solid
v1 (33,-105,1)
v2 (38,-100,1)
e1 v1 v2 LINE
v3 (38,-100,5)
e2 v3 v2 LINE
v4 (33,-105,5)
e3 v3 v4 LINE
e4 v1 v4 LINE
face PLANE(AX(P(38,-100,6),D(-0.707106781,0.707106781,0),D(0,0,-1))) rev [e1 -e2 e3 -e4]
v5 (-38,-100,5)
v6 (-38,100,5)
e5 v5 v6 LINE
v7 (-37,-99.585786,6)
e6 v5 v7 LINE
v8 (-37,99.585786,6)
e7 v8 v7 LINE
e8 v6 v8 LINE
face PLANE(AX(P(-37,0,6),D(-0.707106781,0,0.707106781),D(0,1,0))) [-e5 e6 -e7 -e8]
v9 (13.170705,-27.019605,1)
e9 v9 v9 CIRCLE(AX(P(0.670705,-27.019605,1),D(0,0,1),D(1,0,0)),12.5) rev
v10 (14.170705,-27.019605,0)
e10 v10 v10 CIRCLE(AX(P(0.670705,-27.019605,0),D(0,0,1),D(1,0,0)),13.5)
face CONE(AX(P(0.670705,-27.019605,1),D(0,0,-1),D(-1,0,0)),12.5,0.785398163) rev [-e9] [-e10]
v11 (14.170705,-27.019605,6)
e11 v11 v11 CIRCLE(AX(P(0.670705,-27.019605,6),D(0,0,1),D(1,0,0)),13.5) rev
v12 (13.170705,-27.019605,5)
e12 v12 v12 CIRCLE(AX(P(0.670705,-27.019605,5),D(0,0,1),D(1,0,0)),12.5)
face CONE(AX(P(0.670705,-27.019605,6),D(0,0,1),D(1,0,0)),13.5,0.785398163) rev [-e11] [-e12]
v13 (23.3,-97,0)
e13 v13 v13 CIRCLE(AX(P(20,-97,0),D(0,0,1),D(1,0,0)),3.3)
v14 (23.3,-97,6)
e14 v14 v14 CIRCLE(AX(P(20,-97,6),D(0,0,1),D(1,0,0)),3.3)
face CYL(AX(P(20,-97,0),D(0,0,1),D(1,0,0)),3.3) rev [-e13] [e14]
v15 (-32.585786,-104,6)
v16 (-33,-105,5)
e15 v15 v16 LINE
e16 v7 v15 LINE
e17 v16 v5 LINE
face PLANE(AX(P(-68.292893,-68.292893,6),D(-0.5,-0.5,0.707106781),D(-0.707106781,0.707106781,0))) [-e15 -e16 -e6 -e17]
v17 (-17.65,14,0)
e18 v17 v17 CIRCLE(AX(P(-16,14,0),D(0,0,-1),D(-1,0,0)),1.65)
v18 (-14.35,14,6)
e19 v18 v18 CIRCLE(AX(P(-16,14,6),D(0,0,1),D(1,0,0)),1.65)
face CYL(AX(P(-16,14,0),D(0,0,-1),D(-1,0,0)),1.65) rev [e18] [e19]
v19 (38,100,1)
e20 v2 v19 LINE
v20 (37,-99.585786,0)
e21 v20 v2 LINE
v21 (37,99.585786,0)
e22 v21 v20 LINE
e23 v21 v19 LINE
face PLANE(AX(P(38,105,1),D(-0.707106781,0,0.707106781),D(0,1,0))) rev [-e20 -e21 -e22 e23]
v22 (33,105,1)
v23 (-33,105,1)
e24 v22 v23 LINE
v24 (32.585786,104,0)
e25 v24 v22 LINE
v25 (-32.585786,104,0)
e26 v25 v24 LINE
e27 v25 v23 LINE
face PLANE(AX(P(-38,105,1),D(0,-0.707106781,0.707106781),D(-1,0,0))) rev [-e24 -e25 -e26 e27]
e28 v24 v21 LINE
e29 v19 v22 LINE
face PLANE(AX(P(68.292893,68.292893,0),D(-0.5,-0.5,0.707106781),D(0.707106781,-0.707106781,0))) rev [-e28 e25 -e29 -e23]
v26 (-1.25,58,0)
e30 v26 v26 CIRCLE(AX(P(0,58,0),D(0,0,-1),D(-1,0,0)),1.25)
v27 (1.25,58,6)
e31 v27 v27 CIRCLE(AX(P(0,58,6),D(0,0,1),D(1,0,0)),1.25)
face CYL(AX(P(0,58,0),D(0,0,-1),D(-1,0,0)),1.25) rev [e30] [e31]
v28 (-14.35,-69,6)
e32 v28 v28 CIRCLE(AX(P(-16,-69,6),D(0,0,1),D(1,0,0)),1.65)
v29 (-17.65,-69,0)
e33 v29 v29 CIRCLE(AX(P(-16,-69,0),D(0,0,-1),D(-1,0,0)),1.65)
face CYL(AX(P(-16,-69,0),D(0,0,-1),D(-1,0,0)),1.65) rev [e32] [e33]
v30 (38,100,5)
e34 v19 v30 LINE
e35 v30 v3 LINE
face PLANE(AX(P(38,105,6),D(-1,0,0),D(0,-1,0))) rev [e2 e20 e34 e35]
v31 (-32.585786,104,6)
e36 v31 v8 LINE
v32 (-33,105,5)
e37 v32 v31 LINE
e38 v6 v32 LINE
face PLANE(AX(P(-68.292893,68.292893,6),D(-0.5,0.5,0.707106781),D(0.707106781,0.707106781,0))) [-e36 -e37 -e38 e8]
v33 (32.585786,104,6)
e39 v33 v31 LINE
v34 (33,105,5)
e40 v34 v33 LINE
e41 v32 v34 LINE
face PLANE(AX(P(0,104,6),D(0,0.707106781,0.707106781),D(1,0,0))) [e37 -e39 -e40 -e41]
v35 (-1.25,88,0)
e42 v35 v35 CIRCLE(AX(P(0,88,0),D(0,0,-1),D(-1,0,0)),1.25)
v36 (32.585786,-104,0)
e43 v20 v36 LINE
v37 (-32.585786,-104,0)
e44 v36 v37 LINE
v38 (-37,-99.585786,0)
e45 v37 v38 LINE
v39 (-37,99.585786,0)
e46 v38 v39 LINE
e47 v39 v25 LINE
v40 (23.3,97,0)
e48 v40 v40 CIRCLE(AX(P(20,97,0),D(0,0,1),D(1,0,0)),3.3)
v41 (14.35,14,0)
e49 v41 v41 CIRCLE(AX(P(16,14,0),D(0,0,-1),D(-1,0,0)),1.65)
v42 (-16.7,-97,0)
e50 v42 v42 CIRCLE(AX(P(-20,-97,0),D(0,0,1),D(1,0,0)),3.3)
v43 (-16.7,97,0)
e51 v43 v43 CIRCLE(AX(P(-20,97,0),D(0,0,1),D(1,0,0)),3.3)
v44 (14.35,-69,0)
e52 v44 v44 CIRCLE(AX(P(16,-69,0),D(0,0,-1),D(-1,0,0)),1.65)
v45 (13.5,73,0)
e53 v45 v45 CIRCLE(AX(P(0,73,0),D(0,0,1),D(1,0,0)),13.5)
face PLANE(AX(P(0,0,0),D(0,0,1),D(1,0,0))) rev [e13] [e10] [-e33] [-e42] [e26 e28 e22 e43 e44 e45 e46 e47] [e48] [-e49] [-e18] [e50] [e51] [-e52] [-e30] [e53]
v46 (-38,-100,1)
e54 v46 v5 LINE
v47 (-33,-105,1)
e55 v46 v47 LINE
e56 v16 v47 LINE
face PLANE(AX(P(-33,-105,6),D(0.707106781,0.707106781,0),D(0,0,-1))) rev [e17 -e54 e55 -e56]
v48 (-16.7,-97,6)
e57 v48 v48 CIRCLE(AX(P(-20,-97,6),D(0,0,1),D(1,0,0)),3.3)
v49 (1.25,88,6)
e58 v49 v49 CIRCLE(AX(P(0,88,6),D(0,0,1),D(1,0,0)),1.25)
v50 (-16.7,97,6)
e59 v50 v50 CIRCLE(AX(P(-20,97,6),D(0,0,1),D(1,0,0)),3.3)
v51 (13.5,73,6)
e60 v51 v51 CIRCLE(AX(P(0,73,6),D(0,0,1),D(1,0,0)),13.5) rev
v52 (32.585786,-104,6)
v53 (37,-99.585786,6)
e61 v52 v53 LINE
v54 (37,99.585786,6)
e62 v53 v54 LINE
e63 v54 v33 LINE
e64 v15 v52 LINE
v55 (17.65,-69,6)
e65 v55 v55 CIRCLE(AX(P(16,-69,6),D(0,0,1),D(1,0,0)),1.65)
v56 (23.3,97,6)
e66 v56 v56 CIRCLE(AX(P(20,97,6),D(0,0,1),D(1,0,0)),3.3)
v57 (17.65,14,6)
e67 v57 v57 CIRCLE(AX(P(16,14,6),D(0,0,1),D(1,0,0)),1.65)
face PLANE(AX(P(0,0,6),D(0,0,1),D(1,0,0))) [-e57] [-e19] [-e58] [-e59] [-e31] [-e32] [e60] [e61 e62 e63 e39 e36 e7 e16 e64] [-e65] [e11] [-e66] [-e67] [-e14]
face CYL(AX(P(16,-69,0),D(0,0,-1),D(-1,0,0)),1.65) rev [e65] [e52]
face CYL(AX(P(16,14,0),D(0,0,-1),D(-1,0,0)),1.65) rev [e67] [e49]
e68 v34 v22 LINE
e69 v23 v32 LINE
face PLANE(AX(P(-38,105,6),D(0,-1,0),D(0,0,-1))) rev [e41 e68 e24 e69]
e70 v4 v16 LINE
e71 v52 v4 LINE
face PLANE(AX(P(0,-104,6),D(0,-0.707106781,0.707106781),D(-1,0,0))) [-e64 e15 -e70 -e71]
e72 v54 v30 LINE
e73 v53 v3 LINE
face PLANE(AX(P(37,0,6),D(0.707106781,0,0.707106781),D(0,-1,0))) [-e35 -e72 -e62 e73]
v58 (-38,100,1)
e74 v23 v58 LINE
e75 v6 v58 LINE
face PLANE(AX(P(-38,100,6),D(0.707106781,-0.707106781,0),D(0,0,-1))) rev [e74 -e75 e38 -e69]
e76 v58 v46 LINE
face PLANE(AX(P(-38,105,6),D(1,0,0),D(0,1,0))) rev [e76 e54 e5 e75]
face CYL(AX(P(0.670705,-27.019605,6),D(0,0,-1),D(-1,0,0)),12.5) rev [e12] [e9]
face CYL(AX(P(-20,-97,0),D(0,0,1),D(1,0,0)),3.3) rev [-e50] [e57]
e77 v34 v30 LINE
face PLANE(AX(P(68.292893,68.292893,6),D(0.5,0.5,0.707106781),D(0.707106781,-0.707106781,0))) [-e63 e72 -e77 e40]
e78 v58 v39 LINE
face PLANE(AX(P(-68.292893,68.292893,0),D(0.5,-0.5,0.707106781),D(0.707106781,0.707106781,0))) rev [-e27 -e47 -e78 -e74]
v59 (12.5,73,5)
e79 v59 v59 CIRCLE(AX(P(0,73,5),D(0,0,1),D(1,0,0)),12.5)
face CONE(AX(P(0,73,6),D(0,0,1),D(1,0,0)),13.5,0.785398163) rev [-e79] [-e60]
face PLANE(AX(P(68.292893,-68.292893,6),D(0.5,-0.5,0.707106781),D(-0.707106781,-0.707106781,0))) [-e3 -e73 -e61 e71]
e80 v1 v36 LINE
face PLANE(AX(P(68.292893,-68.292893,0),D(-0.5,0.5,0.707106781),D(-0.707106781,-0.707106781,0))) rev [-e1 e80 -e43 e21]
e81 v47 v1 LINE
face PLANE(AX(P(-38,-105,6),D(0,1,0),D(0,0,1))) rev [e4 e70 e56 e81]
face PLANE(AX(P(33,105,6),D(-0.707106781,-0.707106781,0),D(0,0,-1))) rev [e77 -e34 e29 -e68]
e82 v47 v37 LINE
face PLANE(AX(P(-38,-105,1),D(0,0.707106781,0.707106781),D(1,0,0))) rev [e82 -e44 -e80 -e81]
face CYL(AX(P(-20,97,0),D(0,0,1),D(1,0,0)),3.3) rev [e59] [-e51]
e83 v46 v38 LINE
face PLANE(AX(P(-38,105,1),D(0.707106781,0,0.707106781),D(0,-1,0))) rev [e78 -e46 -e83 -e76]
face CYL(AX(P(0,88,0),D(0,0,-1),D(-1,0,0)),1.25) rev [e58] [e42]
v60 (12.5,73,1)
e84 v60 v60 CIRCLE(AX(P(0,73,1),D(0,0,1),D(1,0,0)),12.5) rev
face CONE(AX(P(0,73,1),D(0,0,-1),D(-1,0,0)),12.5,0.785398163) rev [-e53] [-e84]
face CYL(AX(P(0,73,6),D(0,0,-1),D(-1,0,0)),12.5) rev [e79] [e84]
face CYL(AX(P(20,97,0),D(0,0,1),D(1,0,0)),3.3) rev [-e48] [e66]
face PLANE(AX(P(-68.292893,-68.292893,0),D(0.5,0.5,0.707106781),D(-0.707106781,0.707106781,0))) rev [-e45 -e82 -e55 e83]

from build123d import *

# Parameters (mm, degrees)
SKETCH_1_W             = 76
SKETCH_1_H             = 210
EXTRUDE_1_DEPTH        = 6
SKETCH_2_R             = 3.3
CUT_EXTRUDE_1_DEPTH    = 112.825757319
CHAMFER_2_SIZE         = 5
CHAMFER_1_SIZE         = 1
HOLE_WIZARD_M4_1_D     = 3.3
HOLE_WIZARD_M4_1_DEPTH = 10.1
HOLE_WIZARD_M4_1_TIP   = 0.991420021
HOLE_WIZARD_M3_1_D     = 2.5
HOLE_WIZARD_M3_1_DEPTH = 7.5
HOLE_WIZARD_M3_1_TIP   = 0.751075774
SKETCH_7_R             = 12.5
CUT_EXTRUDE_2_DEPTH    = 112.825757319
SKETCH_8_R             = 12.5
CUT_EXTRUDE_3_DEPTH    = 112.825757319
CHAMFER_3_SIZE         = 1


with BuildPart() as part:
    # 草图1 → 凸台-拉伸1 (new body)
    with BuildSketch(Plane.XY):
        Rectangle(SKETCH_1_W, SKETCH_1_H)
    extrude(amount=EXTRUDE_1_DEPTH)

    # 草图2 → 切除-拉伸1 (cut, through all)
    with BuildSketch(Plane.XY.offset(6)):
        with Locations((-20, 97)):
            Circle(SKETCH_2_R)
        with Locations((20, 97)):
            Circle(SKETCH_2_R)
        with Locations((-20, -97)):
            Circle(SKETCH_2_R)
        with Locations((20, -97)):
            Circle(SKETCH_2_R)
    extrude(amount=-CUT_EXTRUDE_1_DEPTH, mode=Mode.SUBTRACT)

    # 倒角2
    chamfer_2_edges = [part.edges().sort_by_distance(p)[0] for p in [
        (38, -105, 3),
        (-38, -105, 3),
        (-38, 105, 3),
        (38, 105, 3),
    ]]
    chamfer(chamfer_2_edges, length=CHAMFER_2_SIZE)

    # 倒角1
    chamfer_1_edges = [part.edges().sort_by_distance(p)[0] for p in [
        (0, -105, 0),
        (0, -105, 6),
        (38, 0, 0),
        (-38, 0, 0),
        (0, 105, 0),
        (35.5, 102.5, 0),
        (-35.5, 102.5, 0),
        (35.5, -102.5, 0),
        (-35.5, -102.5, 0),
        (-38, 0, 6),
        (38, 0, 6),
        (0, 105, 6),
        (35.5, 102.5, 6),
        (-35.5, 102.5, 6),
        (35.5, -102.5, 6),
        (-35.5, -102.5, 6),
    ]]
    chamfer(chamfer_1_edges, length=CHAMFER_1_SIZE)

    # M4 螺纹孔1
    with Locations(Plane(origin=(0, 0, 0), x_dir=(-1, 0, 0), z_dir=(0, 0, -1))):
        with Locations((-16, 14), (16, 14), (16, -69), (-16, -69)):
            Hole(HOLE_WIZARD_M4_1_D / 2, depth=HOLE_WIZARD_M4_1_DEPTH)
            with Locations((0, 0, -(HOLE_WIZARD_M4_1_DEPTH + HOLE_WIZARD_M4_1_TIP / 2))):  # 118° drill point
                Cone(0, HOLE_WIZARD_M4_1_D / 2, HOLE_WIZARD_M4_1_TIP, mode=Mode.SUBTRACT)

    # M3 螺纹孔1
    with Locations(Plane(origin=(0, 0, 0), x_dir=(-1, 0, 0), z_dir=(0, 0, -1))):
        with Locations((0, 58), (0, 88)):
            Hole(HOLE_WIZARD_M3_1_D / 2, depth=HOLE_WIZARD_M3_1_DEPTH)
            with Locations((0, 0, -(HOLE_WIZARD_M3_1_DEPTH + HOLE_WIZARD_M3_1_TIP / 2))):  # 118° drill point
                Cone(0, HOLE_WIZARD_M3_1_D / 2, HOLE_WIZARD_M3_1_TIP, mode=Mode.SUBTRACT)

    # 草图7 → 切除-拉伸2 (cut, through all)
    with BuildSketch(Plane(origin=(0, 0, 0), x_dir=(-1, 0, 0), z_dir=(0, 0, -1))):
        with Locations((0, 73)):
            Circle(SKETCH_7_R)
    extrude(amount=-CUT_EXTRUDE_2_DEPTH, mode=Mode.SUBTRACT)

    # 草图8 → 切除-拉伸3 (cut, through all)
    with BuildSketch(Plane(origin=(0, 0, 0), x_dir=(-1, 0, 0), z_dir=(0, 0, -1))):
        with Locations((-0.670705331, -27.019604997)):
            Circle(SKETCH_8_R)
    extrude(amount=-CUT_EXTRUDE_3_DEPTH, mode=Mode.SUBTRACT)

    # 倒角3
    chamfer_3_edges = [part.edges().sort_by_distance(p)[0] for p in [
        (12.5, 73, 6),
        (12.5, 73, 0),
        (13.170705331, -27.019604997, 6),
        (13.170705331, -27.019604997, 0),
    ]]
    chamfer(chamfer_3_edges, length=CHAMFER_3_SIZE)


solid = part.part
